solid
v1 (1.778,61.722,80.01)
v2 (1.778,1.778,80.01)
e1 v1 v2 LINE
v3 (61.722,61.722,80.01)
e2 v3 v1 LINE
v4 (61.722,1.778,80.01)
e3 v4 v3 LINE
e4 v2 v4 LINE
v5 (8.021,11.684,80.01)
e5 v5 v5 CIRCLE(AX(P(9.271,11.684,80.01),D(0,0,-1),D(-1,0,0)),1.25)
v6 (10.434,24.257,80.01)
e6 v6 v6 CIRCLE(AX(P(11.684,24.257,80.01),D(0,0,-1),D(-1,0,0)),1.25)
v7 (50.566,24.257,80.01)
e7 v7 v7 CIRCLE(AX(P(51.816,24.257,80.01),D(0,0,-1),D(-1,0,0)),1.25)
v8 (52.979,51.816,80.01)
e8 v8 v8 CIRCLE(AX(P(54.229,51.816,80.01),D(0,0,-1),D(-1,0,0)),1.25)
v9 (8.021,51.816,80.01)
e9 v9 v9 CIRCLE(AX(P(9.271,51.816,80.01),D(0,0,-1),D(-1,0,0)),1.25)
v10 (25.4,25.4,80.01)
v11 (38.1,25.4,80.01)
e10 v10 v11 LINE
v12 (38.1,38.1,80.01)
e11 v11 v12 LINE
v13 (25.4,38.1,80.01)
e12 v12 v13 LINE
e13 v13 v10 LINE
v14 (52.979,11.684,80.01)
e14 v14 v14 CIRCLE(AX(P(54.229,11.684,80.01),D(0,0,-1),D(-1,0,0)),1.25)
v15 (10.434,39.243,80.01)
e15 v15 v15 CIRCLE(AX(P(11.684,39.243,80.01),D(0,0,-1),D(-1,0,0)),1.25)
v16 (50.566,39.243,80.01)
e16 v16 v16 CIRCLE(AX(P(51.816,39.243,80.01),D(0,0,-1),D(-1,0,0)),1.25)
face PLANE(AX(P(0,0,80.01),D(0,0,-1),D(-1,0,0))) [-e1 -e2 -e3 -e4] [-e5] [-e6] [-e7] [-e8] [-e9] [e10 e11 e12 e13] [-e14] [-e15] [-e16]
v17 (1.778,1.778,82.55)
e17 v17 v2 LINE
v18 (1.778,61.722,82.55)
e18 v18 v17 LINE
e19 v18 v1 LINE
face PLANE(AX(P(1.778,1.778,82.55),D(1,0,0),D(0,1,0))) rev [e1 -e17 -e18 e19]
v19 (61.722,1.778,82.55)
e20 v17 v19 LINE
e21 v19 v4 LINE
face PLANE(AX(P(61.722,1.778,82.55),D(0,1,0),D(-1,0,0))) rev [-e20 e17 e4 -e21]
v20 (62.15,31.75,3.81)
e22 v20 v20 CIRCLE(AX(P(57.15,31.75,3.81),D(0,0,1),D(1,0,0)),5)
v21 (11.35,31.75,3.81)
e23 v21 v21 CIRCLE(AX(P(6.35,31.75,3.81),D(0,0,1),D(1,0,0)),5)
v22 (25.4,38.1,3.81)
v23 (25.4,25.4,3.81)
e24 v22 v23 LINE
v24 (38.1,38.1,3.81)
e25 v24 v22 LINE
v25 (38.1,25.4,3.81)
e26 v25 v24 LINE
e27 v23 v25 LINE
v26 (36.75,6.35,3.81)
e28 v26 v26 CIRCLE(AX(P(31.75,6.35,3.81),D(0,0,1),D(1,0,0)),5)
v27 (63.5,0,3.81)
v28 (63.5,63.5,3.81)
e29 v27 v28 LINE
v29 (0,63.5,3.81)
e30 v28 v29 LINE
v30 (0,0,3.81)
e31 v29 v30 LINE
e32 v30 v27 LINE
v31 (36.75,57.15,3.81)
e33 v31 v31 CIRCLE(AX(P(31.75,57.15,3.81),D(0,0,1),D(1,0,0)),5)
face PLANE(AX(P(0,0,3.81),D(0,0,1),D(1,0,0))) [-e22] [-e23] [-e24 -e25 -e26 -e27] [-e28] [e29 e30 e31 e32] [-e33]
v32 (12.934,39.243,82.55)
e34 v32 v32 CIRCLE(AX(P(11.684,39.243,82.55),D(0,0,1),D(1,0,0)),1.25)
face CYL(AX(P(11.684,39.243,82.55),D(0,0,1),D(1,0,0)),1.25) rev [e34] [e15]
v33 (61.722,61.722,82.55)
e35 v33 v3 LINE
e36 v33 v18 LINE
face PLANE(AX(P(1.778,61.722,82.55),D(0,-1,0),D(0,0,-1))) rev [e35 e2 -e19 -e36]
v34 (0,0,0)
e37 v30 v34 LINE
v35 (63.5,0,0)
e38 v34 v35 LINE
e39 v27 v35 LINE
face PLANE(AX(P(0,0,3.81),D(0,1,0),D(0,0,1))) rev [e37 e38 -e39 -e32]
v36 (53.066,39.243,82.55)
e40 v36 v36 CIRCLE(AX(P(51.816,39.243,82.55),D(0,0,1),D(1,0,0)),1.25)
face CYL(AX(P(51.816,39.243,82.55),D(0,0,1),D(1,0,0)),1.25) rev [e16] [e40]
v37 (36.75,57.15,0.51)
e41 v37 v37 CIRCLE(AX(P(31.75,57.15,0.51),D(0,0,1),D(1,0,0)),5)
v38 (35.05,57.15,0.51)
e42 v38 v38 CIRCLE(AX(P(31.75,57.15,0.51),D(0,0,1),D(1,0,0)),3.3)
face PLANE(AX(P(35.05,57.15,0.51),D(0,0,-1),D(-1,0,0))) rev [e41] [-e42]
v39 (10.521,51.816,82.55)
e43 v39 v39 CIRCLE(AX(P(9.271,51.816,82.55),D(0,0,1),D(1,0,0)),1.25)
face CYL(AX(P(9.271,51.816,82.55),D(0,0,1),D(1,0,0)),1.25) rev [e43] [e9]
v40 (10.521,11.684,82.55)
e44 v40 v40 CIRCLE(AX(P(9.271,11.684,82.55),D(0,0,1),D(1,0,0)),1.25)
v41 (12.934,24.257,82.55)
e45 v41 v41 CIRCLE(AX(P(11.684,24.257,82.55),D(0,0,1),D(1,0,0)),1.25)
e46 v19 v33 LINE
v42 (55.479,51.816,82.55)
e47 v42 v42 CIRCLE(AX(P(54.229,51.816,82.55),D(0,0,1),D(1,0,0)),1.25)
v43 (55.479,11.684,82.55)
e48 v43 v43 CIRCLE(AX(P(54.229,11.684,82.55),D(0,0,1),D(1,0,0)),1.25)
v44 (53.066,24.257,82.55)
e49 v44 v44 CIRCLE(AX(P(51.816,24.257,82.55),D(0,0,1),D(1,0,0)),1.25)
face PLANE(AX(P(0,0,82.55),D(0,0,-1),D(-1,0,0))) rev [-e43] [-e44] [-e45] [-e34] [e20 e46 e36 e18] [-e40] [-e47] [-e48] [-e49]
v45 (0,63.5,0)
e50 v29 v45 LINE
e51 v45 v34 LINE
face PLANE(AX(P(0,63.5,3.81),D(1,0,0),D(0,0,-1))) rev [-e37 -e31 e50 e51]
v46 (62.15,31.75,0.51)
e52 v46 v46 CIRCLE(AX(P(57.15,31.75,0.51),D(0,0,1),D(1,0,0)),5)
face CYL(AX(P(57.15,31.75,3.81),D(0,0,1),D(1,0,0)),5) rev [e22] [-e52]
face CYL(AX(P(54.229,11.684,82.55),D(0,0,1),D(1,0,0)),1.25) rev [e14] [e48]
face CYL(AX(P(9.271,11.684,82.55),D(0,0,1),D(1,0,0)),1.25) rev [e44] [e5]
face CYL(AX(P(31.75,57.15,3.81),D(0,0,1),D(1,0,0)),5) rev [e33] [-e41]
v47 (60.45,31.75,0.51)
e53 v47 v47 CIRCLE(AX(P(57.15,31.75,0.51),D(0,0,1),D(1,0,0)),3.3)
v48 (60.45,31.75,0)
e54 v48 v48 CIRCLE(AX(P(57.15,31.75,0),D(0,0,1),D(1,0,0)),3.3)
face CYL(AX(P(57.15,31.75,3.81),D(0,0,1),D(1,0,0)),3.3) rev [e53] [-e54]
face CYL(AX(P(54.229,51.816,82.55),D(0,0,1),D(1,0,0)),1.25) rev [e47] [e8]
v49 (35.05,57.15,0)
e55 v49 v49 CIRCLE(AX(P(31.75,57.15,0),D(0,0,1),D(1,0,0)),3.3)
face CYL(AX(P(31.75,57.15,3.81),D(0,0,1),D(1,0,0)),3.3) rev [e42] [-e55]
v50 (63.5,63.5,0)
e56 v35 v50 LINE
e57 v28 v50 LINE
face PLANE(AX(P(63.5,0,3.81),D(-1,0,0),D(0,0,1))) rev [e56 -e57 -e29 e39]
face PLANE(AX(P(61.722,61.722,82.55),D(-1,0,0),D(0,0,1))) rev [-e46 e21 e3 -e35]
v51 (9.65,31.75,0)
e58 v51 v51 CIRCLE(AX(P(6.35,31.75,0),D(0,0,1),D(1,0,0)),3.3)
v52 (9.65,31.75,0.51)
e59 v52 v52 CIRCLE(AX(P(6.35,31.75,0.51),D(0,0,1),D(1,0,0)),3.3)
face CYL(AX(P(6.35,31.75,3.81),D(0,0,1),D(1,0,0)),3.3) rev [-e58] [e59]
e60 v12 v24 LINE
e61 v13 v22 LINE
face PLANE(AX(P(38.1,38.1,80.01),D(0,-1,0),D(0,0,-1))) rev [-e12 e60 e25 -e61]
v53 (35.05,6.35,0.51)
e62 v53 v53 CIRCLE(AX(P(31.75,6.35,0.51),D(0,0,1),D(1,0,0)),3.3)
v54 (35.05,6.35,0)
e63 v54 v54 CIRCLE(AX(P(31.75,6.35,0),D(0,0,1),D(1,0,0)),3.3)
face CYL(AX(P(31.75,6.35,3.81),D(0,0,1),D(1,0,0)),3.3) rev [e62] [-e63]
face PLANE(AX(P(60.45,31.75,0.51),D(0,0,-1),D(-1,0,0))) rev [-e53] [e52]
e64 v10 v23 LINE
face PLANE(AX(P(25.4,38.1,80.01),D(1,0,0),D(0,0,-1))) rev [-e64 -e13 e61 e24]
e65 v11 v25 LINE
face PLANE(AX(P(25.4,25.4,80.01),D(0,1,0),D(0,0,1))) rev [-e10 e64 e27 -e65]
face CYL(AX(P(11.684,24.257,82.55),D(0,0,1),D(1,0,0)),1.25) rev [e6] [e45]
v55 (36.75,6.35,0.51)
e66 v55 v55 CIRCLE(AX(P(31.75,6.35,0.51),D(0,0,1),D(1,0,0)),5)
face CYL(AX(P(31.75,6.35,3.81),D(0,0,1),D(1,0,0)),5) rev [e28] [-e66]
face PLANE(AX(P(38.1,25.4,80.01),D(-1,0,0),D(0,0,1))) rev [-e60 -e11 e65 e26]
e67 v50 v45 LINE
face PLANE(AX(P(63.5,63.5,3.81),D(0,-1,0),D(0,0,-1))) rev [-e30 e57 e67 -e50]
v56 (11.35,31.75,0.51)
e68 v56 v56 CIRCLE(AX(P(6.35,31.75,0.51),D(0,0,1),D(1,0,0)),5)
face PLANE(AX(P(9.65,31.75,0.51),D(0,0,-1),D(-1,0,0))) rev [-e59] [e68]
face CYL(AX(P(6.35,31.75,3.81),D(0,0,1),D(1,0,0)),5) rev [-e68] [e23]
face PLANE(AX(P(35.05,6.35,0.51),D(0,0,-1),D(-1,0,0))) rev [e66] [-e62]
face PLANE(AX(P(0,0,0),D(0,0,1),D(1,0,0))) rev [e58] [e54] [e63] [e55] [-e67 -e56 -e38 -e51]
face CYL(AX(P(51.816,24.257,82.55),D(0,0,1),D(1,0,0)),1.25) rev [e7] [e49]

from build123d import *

# Parameters (mm, degrees)
SKETCH2_W                       = 63.5
SKETCH2_H                       = 63.5
BOSS_EXTRUDE2_DEPTH             = 3.81
SKETCH3_W                       = 12.7
SKETCH3_H                       = 12.7
BOSS_EXTRUDE3_DEPTH             = 76.2
SKETCH14_W                      = 59.944
SKETCH14_H                      = 59.944
BOSS_EXTRUDE6_DEPTH             = 2.54
CBORE_FOR_M6_SBHCS2_D           = 6.6
CBORE_FOR_M6_SBHCS2_DEPTH       = 7.62
CBORE_FOR_M6_SBHCS2_CBORE_D     = 10
CBORE_FOR_M6_SBHCS2_CBORE_DEPTH = 3.3
CBORE_FOR_M6_SBHCS2_TIP         = 1.982840043
TAP_DRILL_FOR_M3X0_5_TAP2_D     = 2.5
TAP_DRILL_FOR_M3X0_5_TAP2_DEPTH = 7.62
TAP_DRILL_FOR_M3X0_5_TAP2_TIP   = 0.751075774


with BuildPart() as part:
    # Sketch2 → Boss-Extrude2 (new body)
    with BuildSketch(Plane.XY):
        with Locations((31.75, 31.75)):
            Rectangle(SKETCH2_W, SKETCH2_H)
    extrude(amount=BOSS_EXTRUDE2_DEPTH)

    # Sketch3 → Boss-Extrude3 (add)
    with BuildSketch(Plane.XY.offset(3.81)):
        with Locations((31.75, 31.75)):
            Rectangle(SKETCH3_W, SKETCH3_H)
    extrude(amount=BOSS_EXTRUDE3_DEPTH)

    # Sketch14 → Boss-Extrude6 (add)
    with BuildSketch(Plane.XY.offset(80.01)):
        with Locations((31.75, 31.75)):
            Rectangle(SKETCH14_W, SKETCH14_H)
    extrude(amount=BOSS_EXTRUDE6_DEPTH)

    # CBORE for M6 SBHCS2
    with Locations(Plane.XY.offset(3.81)):
        with Locations((57.15, 31.75), (31.75, 6.35), (31.75, 57.15), (6.35, 31.75)):
            CounterBoreHole(CBORE_FOR_M6_SBHCS2_D / 2, CBORE_FOR_M6_SBHCS2_CBORE_D / 2, CBORE_FOR_M6_SBHCS2_CBORE_DEPTH, depth=CBORE_FOR_M6_SBHCS2_DEPTH)
            with Locations((0, 0, -(CBORE_FOR_M6_SBHCS2_DEPTH + CBORE_FOR_M6_SBHCS2_TIP / 2))):  # 118° drill point
                Cone(0, CBORE_FOR_M6_SBHCS2_D / 2, CBORE_FOR_M6_SBHCS2_TIP, mode=Mode.SUBTRACT)

    # Tap Drill for M3x0.5 Tap2
    with Locations(Plane.XY.offset(82.55)):
        with Locations((9.271, 51.816), (9.271, 11.684), (54.229, 11.684), (54.229, 51.816), (11.684, 39.243), (11.684, 24.257), (51.816, 39.243), (51.816, 24.257)):
            Hole(TAP_DRILL_FOR_M3X0_5_TAP2_D / 2, depth=TAP_DRILL_FOR_M3X0_5_TAP2_DEPTH)
            with Locations((0, 0, -(TAP_DRILL_FOR_M3X0_5_TAP2_DEPTH + TAP_DRILL_FOR_M3X0_5_TAP2_TIP / 2))):  # 118° drill point
                Cone(0, TAP_DRILL_FOR_M3X0_5_TAP2_D / 2, TAP_DRILL_FOR_M3X0_5_TAP2_TIP, mode=Mode.SUBTRACT)


solid = part.part
